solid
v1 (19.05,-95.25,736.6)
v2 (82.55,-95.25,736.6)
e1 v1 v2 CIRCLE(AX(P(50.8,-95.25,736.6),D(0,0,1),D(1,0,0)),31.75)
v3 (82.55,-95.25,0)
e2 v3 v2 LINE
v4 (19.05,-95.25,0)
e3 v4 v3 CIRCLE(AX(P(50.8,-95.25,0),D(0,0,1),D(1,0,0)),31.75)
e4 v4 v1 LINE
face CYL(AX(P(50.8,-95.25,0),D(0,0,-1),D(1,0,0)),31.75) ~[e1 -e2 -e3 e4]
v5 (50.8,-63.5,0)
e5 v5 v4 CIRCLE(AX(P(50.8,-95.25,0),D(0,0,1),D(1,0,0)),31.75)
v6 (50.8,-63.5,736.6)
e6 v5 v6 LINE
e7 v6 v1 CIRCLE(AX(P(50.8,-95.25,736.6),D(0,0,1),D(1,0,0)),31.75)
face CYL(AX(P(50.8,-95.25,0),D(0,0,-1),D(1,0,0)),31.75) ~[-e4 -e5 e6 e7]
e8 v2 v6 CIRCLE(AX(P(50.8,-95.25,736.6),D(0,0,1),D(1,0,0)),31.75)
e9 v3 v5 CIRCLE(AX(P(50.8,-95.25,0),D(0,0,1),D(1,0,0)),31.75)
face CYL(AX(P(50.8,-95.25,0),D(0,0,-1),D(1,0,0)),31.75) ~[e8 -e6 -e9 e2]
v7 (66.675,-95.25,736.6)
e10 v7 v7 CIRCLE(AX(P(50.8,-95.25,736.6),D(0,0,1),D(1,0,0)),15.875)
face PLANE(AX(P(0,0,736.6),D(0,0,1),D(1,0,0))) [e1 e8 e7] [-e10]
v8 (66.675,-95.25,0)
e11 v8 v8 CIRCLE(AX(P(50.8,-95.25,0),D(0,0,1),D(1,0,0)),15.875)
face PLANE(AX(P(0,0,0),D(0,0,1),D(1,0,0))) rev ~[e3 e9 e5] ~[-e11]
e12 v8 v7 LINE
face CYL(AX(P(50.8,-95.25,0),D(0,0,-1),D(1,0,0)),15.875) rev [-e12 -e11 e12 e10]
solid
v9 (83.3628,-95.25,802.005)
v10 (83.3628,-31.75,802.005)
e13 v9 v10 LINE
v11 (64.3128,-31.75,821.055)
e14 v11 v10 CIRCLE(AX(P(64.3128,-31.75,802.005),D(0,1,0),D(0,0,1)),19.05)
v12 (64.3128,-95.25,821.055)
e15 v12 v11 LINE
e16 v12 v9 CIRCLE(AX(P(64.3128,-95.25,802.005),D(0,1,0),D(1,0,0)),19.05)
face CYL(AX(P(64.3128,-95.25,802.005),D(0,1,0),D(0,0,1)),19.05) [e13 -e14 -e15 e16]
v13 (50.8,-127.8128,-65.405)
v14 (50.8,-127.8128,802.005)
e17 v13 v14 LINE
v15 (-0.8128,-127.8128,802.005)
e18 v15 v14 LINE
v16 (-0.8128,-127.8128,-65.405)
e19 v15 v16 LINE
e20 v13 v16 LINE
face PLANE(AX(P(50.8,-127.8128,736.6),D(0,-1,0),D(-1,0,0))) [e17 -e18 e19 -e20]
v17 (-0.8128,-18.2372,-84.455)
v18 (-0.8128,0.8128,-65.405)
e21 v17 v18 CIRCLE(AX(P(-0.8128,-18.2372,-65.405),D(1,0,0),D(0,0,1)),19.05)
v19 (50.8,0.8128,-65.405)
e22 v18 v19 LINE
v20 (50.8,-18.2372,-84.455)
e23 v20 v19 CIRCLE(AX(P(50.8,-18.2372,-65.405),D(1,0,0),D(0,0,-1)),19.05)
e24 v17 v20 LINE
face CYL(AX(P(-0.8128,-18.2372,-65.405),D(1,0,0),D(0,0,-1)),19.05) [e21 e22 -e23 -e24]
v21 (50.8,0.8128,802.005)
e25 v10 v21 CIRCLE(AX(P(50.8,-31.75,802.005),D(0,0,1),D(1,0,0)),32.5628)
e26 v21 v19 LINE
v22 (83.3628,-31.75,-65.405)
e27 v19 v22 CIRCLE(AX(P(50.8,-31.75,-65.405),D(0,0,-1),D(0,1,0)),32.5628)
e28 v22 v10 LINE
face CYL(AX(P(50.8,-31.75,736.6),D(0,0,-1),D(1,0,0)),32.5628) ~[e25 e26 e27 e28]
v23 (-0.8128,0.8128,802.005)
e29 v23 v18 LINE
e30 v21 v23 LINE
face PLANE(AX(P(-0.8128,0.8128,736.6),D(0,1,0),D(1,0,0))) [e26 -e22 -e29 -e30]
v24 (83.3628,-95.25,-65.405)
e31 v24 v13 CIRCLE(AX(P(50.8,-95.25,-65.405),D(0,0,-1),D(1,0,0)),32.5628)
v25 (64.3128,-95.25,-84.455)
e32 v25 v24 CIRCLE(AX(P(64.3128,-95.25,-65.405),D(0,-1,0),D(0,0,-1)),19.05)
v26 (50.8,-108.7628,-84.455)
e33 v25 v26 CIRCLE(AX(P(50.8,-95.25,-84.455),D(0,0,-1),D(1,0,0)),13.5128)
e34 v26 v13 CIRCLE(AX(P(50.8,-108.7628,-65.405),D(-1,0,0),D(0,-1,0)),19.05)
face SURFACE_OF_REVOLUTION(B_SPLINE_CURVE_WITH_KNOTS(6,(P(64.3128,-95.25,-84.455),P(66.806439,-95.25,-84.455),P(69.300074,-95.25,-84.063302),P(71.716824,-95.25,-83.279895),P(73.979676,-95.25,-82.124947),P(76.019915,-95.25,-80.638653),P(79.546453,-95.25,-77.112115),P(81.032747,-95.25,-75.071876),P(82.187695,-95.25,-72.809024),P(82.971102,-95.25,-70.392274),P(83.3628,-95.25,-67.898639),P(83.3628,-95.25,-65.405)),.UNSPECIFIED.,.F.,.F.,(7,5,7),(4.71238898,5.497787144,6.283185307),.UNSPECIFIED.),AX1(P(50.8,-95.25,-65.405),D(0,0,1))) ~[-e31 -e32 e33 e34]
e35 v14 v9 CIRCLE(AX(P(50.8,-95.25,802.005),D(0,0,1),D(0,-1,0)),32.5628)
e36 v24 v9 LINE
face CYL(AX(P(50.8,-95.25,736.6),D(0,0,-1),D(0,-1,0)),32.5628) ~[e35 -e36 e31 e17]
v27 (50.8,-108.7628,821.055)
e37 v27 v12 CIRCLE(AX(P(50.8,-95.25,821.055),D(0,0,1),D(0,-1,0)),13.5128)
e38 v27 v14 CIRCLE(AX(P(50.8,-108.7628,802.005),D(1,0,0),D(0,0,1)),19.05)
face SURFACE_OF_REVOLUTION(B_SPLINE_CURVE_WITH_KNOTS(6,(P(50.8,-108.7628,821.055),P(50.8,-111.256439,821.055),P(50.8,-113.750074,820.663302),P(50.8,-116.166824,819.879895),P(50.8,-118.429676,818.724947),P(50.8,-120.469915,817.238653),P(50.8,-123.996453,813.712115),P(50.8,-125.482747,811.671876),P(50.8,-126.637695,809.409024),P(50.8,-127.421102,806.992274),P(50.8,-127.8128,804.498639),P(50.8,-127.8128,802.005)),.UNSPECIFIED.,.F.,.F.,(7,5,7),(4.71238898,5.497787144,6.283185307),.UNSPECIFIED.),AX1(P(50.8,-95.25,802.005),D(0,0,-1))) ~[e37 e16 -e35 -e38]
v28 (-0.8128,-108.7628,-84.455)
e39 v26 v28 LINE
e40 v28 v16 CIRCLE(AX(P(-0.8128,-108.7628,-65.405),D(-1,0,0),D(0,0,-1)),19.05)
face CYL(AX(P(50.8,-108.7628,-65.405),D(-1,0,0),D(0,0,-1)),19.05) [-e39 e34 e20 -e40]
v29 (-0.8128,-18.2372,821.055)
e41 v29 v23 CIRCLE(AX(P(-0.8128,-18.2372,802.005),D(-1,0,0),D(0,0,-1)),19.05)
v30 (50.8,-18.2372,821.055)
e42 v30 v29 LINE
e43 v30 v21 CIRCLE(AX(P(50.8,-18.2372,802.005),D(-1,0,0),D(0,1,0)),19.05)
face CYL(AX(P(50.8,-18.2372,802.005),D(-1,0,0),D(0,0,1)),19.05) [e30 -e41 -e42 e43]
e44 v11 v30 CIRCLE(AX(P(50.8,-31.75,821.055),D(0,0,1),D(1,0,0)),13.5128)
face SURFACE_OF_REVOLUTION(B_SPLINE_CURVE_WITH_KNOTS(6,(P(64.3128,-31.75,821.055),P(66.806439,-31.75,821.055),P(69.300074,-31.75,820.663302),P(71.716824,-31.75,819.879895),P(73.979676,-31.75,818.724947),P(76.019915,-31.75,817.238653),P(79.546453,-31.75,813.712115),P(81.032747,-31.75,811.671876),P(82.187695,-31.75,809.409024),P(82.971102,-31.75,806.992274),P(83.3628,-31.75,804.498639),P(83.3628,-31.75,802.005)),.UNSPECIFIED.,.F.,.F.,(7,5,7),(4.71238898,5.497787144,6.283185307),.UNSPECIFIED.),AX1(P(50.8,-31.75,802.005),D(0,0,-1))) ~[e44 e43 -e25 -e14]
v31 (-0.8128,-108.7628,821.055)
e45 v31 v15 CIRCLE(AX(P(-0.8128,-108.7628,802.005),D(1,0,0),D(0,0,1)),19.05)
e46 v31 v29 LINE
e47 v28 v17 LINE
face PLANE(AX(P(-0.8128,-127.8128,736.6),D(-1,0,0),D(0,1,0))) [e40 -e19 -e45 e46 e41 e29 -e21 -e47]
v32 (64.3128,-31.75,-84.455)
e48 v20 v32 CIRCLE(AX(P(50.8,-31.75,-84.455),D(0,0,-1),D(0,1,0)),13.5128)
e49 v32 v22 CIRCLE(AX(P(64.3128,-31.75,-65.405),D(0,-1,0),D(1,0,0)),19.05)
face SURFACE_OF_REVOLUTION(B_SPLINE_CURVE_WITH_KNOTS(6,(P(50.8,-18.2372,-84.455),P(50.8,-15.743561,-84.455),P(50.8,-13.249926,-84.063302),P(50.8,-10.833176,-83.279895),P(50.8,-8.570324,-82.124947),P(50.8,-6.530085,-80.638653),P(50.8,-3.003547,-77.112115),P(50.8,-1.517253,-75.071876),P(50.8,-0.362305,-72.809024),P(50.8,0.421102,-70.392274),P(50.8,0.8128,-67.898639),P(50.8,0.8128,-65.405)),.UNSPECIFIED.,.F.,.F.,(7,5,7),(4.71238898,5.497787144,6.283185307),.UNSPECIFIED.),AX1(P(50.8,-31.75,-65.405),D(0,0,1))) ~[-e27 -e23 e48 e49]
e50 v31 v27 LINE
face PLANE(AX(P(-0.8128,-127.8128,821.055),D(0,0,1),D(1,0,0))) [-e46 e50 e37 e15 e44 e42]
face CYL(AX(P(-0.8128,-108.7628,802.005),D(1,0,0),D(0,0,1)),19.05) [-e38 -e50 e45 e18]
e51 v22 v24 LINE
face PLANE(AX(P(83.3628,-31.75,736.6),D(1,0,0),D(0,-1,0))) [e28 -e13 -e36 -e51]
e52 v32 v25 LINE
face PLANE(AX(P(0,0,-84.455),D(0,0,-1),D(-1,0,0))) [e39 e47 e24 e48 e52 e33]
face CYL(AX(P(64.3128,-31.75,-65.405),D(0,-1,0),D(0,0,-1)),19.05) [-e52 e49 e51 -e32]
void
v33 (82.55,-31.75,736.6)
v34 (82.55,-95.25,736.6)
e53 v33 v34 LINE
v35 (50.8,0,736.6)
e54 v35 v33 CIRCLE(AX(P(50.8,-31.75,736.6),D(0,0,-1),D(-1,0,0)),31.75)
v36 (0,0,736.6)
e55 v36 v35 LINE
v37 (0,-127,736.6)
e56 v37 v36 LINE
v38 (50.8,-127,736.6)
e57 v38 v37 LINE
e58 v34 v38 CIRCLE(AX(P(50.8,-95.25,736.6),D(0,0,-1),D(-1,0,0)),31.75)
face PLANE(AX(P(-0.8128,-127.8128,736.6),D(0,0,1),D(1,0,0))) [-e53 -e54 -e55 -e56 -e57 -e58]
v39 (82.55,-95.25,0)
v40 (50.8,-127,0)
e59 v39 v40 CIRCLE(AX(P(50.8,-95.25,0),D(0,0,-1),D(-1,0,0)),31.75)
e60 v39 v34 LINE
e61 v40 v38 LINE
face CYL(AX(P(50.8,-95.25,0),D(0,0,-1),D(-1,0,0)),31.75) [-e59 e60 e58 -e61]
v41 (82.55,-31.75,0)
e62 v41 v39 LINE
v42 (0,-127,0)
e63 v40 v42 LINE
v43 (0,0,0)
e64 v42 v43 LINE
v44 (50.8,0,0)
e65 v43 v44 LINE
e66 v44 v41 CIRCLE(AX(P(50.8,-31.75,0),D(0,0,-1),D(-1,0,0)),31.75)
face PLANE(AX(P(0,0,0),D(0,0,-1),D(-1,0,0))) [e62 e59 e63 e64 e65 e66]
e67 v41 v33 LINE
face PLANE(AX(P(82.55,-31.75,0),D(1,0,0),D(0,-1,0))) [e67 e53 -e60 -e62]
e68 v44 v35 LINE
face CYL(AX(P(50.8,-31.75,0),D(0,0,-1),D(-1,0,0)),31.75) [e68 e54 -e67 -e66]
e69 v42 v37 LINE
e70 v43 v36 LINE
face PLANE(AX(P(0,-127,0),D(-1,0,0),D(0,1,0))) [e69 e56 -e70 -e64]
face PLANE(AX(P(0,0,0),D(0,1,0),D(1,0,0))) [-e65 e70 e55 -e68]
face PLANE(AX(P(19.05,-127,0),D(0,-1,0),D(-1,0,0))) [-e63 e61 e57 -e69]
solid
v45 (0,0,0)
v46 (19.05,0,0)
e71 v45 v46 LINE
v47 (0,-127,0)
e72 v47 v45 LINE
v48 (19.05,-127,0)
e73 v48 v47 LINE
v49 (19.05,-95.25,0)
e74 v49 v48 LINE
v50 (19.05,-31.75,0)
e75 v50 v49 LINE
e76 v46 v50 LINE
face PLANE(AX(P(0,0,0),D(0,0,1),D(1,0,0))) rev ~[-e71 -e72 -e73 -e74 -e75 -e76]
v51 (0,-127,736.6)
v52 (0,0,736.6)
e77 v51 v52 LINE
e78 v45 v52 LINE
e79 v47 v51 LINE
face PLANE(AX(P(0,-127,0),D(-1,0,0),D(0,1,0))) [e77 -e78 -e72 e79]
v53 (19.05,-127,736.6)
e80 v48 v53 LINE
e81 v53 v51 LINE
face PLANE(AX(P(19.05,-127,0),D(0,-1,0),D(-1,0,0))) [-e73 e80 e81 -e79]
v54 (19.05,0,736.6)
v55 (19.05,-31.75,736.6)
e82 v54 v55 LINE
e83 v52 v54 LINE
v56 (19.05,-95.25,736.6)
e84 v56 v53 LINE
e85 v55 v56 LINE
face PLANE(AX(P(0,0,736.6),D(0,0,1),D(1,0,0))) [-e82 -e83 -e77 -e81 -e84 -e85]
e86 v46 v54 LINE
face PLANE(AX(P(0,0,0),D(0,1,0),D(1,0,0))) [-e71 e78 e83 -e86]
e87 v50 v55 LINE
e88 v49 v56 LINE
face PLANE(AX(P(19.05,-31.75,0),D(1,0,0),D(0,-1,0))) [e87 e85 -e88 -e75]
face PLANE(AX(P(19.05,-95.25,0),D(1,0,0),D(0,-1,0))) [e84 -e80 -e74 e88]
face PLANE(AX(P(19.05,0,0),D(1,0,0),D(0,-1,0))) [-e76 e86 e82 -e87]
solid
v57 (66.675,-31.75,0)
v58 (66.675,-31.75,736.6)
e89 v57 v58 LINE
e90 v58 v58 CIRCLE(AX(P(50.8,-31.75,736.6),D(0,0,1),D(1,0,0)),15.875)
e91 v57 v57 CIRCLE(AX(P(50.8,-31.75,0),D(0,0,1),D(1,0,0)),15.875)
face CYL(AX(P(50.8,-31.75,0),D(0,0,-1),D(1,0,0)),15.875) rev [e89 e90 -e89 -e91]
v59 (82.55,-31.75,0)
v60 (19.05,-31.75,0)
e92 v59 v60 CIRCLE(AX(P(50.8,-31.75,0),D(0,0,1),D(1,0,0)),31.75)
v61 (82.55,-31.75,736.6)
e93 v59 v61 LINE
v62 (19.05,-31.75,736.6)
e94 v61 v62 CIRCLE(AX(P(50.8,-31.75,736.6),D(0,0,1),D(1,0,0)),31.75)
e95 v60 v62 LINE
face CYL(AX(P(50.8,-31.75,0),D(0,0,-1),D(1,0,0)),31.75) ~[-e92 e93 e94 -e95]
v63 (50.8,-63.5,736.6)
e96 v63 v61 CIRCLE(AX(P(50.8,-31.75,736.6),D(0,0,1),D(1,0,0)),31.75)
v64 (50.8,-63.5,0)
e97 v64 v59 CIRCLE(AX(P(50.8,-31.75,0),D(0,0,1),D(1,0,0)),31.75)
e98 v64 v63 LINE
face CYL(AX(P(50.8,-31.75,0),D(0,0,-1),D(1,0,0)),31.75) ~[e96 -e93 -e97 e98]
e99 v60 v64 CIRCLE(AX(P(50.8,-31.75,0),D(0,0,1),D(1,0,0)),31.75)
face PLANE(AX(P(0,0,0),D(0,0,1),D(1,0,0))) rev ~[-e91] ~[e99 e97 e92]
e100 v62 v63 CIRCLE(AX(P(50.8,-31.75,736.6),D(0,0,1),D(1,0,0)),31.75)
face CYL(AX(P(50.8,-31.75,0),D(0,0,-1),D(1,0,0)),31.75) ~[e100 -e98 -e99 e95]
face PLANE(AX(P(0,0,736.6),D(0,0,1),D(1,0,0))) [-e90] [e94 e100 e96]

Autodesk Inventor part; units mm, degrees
ref_plane "YZ Plane" through (0, 0, 0) normal (1, 0, 0) x (0, 1, 0)
ref_plane "XZ Plane" through (0, 0, 0) normal (0, 1, 0) x (-1, 0, 0)
ref_plane "XY Plane" through (0, 0, 0) normal (0, 0, 1) x (1, 0, 0)
sketch "Sketch1" plane through (0, 0, 0) normal (0, 0, 1) x (1, 0, 0)
  line L0 (0, 0) -> (19.05, 0)
  line L1 (19.05, 0) -> (19.05, -127)
  line L2 (19.05, -127) -> (0, -127)
  line L3 (0, -127) -> (0, 0)
  circle A0 centre (50.8, -31.75) radius 31.75
  circle A1 centre (50.8, -31.75) radius 15.875
  circle A2 centre (50.8, -95.25) radius 15.875
  circle A3 centre (50.8, -95.25) radius 31.75
  dimension "d0" = 19.05
  dimension "d1" = 127
  dimension "d2" = 31.75
extrude "Extrusion1" add sketch "Sketch1" along normal blind 736.6 contours L0 L1 L2 L3
extrude "Extrusion2" add sketch "Sketch1" along normal up to surface (736.6 mm away) separate body contours A0 | A3
sketch "Sketch2" plane through (0, 0, 0) normal (0, 0, -1) x (-1, 0, 0)
  line L0 (-19.05, -127) -> (0, -127) projected
  line L1 (0, -127) -> (0, 0) projected
  line L2 (0, 0) -> (-50.8, 0)
  circle A0 centre (-50.8, -31.75) radius 31.75 projected
  line L3 (0, 0) -> (0, -127) projected
  line L4 (0, 0) -> (0, -127)
  line L5 (0, -127) -> (-50.8, -127)
  circle A1 centre (-50.8, -95.25) radius 31.75 projected
  arc A2 (-82.55, -95.25) -> (-50.8, -127) centre (-50.8, -95.25) ccw
  arc A3 (-50.8, 0) -> (-82.55, -31.75) centre (-50.8, -31.75) ccw
  line L6 (-82.55, -31.75) -> (-82.55, -95.25)
  arc A4 (-83.3628, -95.25) -> (-50.8, -127.8128) centre (-50.8, -95.25) ccw
  line L7 (-50.8, -127.8128) -> (0.8128, -127.8128)
  line L8 (0.8128, -127.8128) -> (0.8128, 0.8128)
  line L9 (0.8128, 0.8128) -> (-50.8, 0.8128)
  arc A5 (-50.8, 0.8128) -> (-83.3628, -31.75) centre (-50.8, -31.75) ccw
  line L10 (-83.3628, -31.75) -> (-83.3628, -95.25)
  point P0 (-50.8, -63.5)
  dimension "d7" = 0.8128
extrude "Extrusion3" add sketch "Sketch2" against normal up to surface (736.6 mm away) separate body
sketch "Sketch3" plane through (0, 0, 0) normal (0, 0, -1) x (-1, 0, 0)
  arc A0 (-83.3628, -95.25) -> (-50.8, -127.8128) centre (-50.8, -95.25) ccw projected
  line L0 (-50.8, -127.8128) -> (0.8128, -127.8128) projected
  line L1 (0.8128, -127.8128) -> (0.8128, 0.8128) projected
  line L2 (0.8128, 0.8128) -> (-50.8, 0.8128) projected
  arc A1 (-50.8, 0.8128) -> (-83.3628, -31.75) centre (-50.8, -31.75) ccw projected
  line L3 (-83.3628, -31.75) -> (-83.3628, -95.25) projected
extrude "Extrusion4" add sketch "Sketch3" along normal blind 84.455 bodies 3
sketch "Sketch5" plane through (-0.8128, -127.8128, 736.6) normal (0, 0, 1) x (1, 0, 0)
  line L0 (51.6128, 0) -> (0, 0) projected
  arc A0 (51.6128, 0) -> (84.1756, 32.5628) centre (51.6128, 32.5628) ccw projected
  line L1 (84.1756, 96.0628) -> (84.1756, 32.5628) projected
  arc A1 (84.1756, 96.0628) -> (51.6128, 128.6256) centre (51.6128, 96.0628) ccw projected
  line L2 (0, 128.6256) -> (51.6128, 128.6256) projected
  line L3 (0, 0) -> (0, 128.6256) projected
extrude "Extrusion5" add sketch "Sketch5" along normal blind 84.455 bodies 3
fillet "Fillet1" radius 19.05 10 edges at (73.8254, -8.7246, 821.055) (83.3628, -63.5, 821.055) (73.8254, -118.2754, 821.055) (24.9936, -127.8128, 821.055) (24.9936, 0.8128, 821.055) (73.8254, -8.7246, -84.455) (83.3628, -63.5, -84.455) (73.8254, -118.2754, -84.455) (24.9936, -127.8128, -84.455) (24.9936, 0.8128, -84.455)
properties part number "FBBumper" material "Wood (Birch)"
